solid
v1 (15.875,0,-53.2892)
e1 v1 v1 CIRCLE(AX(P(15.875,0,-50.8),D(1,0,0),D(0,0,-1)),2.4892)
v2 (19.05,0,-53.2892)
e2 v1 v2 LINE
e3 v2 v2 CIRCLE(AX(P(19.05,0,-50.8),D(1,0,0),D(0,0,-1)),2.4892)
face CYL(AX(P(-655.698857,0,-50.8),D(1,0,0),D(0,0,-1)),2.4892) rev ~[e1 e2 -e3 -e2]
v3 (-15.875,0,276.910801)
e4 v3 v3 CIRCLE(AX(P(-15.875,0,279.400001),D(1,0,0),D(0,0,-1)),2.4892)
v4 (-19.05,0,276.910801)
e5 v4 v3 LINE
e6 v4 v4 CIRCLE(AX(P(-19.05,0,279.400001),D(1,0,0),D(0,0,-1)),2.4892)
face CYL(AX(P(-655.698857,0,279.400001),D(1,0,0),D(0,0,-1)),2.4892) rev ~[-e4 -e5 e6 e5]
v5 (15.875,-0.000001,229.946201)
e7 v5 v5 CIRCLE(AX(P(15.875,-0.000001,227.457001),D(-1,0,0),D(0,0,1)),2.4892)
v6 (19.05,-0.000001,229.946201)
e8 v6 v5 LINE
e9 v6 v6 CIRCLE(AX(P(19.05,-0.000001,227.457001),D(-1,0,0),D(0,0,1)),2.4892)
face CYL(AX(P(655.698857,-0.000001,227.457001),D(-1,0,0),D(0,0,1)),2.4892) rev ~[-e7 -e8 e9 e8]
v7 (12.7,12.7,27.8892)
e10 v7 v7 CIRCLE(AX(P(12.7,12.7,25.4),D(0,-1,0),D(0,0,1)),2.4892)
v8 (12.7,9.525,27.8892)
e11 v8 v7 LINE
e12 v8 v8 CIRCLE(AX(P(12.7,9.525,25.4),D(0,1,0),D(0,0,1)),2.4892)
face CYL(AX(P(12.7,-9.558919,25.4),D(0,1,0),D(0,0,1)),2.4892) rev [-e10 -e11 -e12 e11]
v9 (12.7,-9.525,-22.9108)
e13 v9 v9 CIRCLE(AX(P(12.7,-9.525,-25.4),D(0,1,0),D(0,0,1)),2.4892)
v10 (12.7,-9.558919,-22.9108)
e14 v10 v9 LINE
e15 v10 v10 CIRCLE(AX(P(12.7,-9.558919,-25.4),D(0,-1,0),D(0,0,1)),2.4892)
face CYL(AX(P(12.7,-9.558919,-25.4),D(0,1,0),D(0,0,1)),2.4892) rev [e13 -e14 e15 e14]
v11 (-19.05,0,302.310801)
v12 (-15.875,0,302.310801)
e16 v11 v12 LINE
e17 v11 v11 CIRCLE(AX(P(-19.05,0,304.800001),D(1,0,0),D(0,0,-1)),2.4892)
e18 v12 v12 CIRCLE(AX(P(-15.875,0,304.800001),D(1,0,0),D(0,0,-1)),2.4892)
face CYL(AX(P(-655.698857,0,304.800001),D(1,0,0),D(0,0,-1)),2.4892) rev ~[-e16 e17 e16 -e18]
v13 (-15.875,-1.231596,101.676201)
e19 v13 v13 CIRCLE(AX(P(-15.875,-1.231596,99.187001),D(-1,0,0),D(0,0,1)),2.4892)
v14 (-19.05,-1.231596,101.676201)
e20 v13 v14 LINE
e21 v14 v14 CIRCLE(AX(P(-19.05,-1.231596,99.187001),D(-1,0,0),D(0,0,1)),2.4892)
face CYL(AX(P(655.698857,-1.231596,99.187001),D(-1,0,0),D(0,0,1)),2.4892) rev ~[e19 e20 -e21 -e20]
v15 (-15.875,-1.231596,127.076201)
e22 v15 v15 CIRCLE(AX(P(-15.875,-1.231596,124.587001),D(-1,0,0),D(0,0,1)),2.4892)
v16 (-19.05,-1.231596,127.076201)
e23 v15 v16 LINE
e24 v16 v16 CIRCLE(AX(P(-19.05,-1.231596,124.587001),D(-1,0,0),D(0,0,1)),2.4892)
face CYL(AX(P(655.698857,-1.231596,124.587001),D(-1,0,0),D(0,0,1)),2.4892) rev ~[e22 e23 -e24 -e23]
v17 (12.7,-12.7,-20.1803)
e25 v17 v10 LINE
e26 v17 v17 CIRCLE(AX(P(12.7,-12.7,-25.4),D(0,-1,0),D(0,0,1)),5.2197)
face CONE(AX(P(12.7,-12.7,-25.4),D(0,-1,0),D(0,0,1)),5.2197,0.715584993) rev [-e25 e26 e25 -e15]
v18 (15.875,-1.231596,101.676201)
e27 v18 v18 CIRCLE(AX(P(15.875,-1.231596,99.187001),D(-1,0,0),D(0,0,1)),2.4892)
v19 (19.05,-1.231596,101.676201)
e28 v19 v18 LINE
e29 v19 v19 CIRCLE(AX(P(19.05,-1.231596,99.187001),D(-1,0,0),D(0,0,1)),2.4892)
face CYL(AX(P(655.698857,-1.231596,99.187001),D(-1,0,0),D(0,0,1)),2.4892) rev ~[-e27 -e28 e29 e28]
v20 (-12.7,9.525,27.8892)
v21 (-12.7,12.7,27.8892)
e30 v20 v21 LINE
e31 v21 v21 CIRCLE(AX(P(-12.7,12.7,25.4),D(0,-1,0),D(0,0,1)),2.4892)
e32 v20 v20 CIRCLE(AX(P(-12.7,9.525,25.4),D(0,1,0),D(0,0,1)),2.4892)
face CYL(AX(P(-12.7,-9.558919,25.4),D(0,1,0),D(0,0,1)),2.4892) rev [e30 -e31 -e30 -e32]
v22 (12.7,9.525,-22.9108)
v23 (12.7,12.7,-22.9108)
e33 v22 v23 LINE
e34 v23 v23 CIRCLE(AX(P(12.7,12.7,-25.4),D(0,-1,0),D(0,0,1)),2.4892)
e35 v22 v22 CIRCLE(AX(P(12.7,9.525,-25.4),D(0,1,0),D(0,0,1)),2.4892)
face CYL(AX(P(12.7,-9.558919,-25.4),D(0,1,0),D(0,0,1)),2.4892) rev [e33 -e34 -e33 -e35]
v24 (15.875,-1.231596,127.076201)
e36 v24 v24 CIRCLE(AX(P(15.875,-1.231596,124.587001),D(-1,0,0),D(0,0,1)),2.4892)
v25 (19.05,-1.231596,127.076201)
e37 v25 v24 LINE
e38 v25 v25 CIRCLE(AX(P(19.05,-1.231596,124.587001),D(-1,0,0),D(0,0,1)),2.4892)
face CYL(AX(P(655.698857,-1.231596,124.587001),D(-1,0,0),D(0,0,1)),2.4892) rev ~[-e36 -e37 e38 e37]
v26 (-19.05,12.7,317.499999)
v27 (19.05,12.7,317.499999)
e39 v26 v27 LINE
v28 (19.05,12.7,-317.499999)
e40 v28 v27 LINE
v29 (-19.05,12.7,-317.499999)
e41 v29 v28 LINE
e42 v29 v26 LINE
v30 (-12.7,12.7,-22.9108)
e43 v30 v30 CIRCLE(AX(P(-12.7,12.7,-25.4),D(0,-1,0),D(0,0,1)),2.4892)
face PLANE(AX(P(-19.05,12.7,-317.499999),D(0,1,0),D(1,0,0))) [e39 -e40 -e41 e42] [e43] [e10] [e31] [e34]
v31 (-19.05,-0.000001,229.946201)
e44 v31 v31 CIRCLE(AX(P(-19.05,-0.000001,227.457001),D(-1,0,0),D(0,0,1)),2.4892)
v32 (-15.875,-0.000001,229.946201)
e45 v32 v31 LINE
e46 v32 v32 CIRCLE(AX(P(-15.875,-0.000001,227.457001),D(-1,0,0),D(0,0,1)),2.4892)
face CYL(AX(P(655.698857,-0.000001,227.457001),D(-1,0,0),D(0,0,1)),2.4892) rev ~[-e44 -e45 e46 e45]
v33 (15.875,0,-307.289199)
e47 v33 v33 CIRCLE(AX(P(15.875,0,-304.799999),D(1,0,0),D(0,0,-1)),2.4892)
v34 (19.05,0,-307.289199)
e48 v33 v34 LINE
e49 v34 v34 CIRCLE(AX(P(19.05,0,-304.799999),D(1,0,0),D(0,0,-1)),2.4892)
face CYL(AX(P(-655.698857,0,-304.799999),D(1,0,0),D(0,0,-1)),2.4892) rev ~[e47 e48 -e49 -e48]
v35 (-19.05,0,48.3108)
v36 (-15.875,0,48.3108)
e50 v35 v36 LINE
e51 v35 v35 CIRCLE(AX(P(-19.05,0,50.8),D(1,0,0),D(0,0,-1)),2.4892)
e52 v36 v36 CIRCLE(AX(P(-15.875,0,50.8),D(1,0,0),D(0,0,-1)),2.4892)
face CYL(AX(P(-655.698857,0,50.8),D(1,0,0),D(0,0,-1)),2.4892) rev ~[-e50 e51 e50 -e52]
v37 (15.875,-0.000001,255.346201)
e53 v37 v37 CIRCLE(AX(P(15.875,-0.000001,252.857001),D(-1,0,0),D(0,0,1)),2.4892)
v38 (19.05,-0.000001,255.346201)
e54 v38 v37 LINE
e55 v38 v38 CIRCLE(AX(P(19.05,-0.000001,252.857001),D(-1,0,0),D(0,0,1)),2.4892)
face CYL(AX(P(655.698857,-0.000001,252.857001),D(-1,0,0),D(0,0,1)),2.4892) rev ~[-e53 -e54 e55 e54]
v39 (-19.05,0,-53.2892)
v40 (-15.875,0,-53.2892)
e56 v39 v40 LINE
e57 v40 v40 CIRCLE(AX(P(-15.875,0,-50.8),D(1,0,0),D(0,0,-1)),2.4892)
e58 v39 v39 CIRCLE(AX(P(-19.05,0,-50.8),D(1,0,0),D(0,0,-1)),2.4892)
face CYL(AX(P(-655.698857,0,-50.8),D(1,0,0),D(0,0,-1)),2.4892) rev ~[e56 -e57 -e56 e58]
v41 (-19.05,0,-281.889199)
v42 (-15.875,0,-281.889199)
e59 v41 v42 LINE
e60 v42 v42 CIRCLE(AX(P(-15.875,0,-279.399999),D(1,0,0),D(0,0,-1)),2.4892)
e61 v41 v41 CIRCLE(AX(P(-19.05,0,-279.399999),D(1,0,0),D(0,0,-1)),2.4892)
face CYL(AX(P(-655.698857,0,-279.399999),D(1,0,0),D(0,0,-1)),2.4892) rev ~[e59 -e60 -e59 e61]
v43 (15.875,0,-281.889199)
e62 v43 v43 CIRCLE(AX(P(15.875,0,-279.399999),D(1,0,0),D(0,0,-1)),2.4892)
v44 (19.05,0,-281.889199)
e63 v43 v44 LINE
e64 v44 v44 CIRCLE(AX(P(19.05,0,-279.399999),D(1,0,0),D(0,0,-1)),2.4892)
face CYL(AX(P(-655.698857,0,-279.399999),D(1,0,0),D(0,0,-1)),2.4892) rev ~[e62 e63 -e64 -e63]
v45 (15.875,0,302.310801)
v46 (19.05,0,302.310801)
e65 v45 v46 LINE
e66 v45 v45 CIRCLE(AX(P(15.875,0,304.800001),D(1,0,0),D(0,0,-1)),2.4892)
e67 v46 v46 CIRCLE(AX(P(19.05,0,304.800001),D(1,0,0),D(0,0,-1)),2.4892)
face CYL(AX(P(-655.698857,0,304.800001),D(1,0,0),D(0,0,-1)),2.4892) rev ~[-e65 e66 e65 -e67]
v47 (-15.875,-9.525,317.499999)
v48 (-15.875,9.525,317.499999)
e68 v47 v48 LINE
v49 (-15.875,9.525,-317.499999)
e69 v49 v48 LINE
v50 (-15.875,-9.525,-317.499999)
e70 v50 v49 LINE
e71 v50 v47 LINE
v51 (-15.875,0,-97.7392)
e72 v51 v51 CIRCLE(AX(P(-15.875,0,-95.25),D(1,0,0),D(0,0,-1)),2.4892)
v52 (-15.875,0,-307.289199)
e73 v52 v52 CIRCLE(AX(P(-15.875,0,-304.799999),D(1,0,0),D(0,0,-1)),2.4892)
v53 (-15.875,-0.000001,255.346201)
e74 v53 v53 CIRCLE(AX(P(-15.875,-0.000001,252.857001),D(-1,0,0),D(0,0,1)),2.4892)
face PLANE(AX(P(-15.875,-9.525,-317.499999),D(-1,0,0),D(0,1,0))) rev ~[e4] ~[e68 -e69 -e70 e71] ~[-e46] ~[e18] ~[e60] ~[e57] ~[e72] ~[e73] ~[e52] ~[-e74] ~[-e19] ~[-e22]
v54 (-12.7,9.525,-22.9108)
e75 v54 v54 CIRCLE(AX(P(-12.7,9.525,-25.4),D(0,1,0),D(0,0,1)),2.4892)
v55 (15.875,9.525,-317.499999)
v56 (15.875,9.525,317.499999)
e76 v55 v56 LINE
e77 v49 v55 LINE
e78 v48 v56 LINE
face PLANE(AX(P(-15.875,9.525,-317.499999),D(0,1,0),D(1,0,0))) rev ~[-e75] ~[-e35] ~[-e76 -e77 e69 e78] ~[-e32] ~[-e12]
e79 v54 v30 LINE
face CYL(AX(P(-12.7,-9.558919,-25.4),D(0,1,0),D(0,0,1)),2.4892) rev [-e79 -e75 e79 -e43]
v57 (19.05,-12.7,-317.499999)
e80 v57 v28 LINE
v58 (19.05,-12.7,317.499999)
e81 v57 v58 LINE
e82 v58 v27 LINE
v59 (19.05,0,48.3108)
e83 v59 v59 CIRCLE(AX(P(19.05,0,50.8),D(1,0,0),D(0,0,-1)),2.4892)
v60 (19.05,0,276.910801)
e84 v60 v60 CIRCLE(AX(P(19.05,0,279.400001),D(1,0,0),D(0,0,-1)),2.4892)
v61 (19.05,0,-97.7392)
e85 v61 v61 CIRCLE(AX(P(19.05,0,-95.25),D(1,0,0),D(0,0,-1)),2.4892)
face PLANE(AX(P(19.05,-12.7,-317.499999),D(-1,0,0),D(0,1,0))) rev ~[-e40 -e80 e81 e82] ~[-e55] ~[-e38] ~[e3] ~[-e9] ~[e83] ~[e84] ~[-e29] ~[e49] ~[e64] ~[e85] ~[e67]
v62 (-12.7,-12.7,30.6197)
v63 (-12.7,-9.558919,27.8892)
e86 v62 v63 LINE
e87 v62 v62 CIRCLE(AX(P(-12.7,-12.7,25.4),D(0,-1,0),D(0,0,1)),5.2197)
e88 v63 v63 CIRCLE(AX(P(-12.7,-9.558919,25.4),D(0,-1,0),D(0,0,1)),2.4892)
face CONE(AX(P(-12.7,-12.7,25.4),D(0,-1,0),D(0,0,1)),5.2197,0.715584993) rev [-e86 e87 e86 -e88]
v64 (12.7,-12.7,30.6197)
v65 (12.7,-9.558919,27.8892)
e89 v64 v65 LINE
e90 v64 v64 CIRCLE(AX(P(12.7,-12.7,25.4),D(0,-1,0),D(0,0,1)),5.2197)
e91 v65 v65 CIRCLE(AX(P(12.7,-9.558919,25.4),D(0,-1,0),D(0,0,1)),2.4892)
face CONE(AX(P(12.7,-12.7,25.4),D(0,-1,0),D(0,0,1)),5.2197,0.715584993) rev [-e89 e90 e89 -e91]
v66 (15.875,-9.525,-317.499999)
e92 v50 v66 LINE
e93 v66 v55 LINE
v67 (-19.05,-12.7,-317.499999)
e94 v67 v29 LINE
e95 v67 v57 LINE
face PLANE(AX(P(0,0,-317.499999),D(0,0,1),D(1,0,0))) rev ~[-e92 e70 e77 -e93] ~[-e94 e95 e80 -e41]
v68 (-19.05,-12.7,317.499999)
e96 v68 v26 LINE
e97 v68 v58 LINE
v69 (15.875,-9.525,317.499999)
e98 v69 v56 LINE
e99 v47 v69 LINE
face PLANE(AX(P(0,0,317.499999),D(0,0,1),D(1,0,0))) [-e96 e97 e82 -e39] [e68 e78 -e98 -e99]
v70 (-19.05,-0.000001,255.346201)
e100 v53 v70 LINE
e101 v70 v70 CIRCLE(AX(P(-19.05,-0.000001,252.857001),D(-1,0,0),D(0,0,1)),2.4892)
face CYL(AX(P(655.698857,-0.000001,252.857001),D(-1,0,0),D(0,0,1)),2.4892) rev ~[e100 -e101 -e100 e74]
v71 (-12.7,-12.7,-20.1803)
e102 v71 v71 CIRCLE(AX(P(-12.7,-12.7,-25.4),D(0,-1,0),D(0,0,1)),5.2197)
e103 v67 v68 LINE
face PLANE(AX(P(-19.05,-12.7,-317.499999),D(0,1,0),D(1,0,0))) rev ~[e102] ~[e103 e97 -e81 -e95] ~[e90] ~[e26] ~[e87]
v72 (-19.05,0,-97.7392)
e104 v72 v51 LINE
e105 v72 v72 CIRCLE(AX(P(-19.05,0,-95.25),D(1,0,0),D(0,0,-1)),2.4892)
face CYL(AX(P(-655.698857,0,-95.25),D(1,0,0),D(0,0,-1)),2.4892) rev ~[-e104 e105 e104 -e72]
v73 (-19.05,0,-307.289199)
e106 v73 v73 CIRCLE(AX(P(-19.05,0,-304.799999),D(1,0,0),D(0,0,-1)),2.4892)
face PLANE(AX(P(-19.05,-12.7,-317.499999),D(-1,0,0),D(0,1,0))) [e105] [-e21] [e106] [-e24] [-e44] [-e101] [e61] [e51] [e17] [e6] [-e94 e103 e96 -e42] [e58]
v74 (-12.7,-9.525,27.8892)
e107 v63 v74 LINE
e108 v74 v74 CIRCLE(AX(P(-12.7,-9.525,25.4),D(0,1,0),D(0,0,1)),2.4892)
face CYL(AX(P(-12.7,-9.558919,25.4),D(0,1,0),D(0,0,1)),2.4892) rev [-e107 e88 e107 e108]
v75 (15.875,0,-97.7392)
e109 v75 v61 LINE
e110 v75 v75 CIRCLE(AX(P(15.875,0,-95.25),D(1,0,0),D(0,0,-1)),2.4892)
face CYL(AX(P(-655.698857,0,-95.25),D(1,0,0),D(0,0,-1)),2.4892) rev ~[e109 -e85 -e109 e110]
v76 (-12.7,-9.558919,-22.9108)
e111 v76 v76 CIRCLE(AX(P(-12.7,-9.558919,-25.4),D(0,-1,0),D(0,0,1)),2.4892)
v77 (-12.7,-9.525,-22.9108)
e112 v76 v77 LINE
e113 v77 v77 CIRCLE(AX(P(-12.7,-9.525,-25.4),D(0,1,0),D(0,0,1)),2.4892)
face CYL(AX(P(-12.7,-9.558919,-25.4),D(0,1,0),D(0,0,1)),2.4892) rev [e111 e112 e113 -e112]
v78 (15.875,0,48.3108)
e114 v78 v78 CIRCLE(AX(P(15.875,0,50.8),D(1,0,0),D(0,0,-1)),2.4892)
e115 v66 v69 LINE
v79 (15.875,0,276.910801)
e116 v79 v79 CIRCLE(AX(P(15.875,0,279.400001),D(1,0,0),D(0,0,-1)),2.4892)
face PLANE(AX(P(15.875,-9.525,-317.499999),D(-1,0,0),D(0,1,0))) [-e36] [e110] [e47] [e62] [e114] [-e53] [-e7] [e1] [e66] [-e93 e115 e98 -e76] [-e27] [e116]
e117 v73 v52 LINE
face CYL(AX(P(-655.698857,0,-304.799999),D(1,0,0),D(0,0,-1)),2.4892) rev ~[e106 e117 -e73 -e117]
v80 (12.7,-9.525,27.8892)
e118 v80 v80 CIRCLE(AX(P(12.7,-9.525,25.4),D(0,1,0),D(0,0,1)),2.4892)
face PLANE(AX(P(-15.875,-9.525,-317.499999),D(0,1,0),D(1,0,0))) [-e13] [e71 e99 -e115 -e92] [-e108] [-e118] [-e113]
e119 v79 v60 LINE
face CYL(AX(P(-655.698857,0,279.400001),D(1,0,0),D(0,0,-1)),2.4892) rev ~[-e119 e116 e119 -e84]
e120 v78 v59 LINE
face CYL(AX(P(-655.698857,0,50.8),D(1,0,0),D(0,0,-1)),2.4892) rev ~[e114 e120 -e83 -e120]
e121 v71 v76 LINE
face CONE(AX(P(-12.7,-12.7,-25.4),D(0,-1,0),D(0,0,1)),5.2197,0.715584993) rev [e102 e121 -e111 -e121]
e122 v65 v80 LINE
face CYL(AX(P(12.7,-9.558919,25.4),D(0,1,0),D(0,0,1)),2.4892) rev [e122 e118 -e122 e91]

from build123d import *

# Parameters (mm, degrees)
BOSS_EXTRUDE1_DEPTH             = 317.499999
BOSS_EXTRUDE1_DEPTH_BACK        = 317.499999
SKETCH3_W                       = 38.1
SKETCH3_H                       = 25.4
SKETCH3_W_2                     = 31.75
SKETCH3_H_2                     = 19.05
F_10_CLEARANCE_HOLE2_D          = 4.9784
F_10_CLEARANCE_HOLE5_D          = 4.9784
F_10_CLEARANCE_HOLE4_D          = 4.9784
F_10_CLEARANCE_HOLE3_D          = 4.9784
F_10_CLEARANCE_HOLE6_AT_2_COUNT = 2
F_10_CLEARANCE_HOLE6_AT_2_PITCH = 25.4
F_10_CLEARANCE_HOLE6_AT_3_COUNT = 2
F_10_CLEARANCE_HOLE6_AT_3_PITCH = 50.8
F_10_CLEARANCE_HOLE6_AT_4_COUNT = 2
F_10_CLEARANCE_HOLE6_AT_4_PITCH = 56.796126628
F_10_CLEARANCE_HOLE7_D          = 4.9784


with BuildPart() as part:
    # Sketch3 → Boss-Extrude1 (new, two sides: drawn at the far end of the back side and taken through both)
    with BuildSketch(Plane.XY.offset(-BOSS_EXTRUDE1_DEPTH_BACK)):
        Rectangle(SKETCH3_W, SKETCH3_H)
        Rectangle(SKETCH3_W_2, SKETCH3_H_2, mode=Mode.SUBTRACT)
    extrude(amount=BOSS_EXTRUDE1_DEPTH + BOSS_EXTRUDE1_DEPTH_BACK)

    # #10 Clearance Hole2 (through all)
    with Locations(Plane.ZY.offset(19.05)):
        with Locations((-304.799999492, 0), (-279.399999492, 0), (279.400000508, 0), (304.800000508, 0)):
            Hole(F_10_CLEARANCE_HOLE2_D / 2)

    # #10 Clearance Hole5 (through all)
    with Locations(Plane(origin=(19.05, 0, 0), x_dir=(0, 0, -1), z_dir=(1, 0, 0))):
        with Locations((-124.587000508, -1.231595708), (-99.187000508, -1.231595708), (-252.857000508, -5.03e-07), (-227.457000508, -5.03e-07)):
            Hole(F_10_CLEARANCE_HOLE5_D / 2)

    # #10 Clearance Hole4 (through all)
    with Locations(Plane(origin=(19.05, 0, 0), x_dir=(0, 0, -1), z_dir=(1, 0, 0))):
        with Locations((-252.857000508, -5.03e-07), (-227.457000508, -5.03e-07)):
            Hole(F_10_CLEARANCE_HOLE4_D / 2)

    # #10 Clearance Hole3 (through all)
    with Locations(Plane.ZY.offset(19.05)):
        with Locations((-50.8, 0), (50.8, 0)):
            Hole(F_10_CLEARANCE_HOLE3_D / 2)

    # Sketch26 → #10 Clearance Hole6 (revolve, cut)
    with BuildSketch(Plane(origin=(12.7, 12.7, 25.4), x_dir=(0, 0, 1), z_dir=(1, 0, 0))):
        Polygon((0, 0), (0, 25.4), (5.2197, 25.4), (2.4892, 22.258919064), (2.4892, 0), align=None)
    f_10_clearance_hole6 = revolve(axis=Axis((12.7, 19.05, 25.4), (0, -1, 0)), mode=Mode.SUBTRACT)

    # #10 Clearance Hole6 at 2: #10 Clearance Hole6 ×2
    with Locations(*[(-i * F_10_CLEARANCE_HOLE6_AT_2_PITCH, 0, 0) for i in range(1, F_10_CLEARANCE_HOLE6_AT_2_COUNT)]):
        add(f_10_clearance_hole6, mode=Mode.SUBTRACT)

    # #10 Clearance Hole6 at 3: #10 Clearance Hole6 ×2
    with Locations(*[(0, 0, -i * F_10_CLEARANCE_HOLE6_AT_3_PITCH) for i in range(1, F_10_CLEARANCE_HOLE6_AT_3_COUNT)]):
        add(f_10_clearance_hole6, mode=Mode.SUBTRACT)

    # #10 Clearance Hole6 at 4: #10 Clearance Hole6 ×2
    with Locations(*[Vector(-0.447213595499958, 0, -0.894427190999916) * (i * F_10_CLEARANCE_HOLE6_AT_4_PITCH) for i in range(1, F_10_CLEARANCE_HOLE6_AT_4_COUNT)]):
        add(f_10_clearance_hole6, mode=Mode.SUBTRACT)

    # #10 Clearance Hole7 (through all)
    with Locations(Plane.ZY.offset(19.05)):
        with Locations((-95.25, 0)):
            Hole(F_10_CLEARANCE_HOLE7_D / 2)


solid = part.part
